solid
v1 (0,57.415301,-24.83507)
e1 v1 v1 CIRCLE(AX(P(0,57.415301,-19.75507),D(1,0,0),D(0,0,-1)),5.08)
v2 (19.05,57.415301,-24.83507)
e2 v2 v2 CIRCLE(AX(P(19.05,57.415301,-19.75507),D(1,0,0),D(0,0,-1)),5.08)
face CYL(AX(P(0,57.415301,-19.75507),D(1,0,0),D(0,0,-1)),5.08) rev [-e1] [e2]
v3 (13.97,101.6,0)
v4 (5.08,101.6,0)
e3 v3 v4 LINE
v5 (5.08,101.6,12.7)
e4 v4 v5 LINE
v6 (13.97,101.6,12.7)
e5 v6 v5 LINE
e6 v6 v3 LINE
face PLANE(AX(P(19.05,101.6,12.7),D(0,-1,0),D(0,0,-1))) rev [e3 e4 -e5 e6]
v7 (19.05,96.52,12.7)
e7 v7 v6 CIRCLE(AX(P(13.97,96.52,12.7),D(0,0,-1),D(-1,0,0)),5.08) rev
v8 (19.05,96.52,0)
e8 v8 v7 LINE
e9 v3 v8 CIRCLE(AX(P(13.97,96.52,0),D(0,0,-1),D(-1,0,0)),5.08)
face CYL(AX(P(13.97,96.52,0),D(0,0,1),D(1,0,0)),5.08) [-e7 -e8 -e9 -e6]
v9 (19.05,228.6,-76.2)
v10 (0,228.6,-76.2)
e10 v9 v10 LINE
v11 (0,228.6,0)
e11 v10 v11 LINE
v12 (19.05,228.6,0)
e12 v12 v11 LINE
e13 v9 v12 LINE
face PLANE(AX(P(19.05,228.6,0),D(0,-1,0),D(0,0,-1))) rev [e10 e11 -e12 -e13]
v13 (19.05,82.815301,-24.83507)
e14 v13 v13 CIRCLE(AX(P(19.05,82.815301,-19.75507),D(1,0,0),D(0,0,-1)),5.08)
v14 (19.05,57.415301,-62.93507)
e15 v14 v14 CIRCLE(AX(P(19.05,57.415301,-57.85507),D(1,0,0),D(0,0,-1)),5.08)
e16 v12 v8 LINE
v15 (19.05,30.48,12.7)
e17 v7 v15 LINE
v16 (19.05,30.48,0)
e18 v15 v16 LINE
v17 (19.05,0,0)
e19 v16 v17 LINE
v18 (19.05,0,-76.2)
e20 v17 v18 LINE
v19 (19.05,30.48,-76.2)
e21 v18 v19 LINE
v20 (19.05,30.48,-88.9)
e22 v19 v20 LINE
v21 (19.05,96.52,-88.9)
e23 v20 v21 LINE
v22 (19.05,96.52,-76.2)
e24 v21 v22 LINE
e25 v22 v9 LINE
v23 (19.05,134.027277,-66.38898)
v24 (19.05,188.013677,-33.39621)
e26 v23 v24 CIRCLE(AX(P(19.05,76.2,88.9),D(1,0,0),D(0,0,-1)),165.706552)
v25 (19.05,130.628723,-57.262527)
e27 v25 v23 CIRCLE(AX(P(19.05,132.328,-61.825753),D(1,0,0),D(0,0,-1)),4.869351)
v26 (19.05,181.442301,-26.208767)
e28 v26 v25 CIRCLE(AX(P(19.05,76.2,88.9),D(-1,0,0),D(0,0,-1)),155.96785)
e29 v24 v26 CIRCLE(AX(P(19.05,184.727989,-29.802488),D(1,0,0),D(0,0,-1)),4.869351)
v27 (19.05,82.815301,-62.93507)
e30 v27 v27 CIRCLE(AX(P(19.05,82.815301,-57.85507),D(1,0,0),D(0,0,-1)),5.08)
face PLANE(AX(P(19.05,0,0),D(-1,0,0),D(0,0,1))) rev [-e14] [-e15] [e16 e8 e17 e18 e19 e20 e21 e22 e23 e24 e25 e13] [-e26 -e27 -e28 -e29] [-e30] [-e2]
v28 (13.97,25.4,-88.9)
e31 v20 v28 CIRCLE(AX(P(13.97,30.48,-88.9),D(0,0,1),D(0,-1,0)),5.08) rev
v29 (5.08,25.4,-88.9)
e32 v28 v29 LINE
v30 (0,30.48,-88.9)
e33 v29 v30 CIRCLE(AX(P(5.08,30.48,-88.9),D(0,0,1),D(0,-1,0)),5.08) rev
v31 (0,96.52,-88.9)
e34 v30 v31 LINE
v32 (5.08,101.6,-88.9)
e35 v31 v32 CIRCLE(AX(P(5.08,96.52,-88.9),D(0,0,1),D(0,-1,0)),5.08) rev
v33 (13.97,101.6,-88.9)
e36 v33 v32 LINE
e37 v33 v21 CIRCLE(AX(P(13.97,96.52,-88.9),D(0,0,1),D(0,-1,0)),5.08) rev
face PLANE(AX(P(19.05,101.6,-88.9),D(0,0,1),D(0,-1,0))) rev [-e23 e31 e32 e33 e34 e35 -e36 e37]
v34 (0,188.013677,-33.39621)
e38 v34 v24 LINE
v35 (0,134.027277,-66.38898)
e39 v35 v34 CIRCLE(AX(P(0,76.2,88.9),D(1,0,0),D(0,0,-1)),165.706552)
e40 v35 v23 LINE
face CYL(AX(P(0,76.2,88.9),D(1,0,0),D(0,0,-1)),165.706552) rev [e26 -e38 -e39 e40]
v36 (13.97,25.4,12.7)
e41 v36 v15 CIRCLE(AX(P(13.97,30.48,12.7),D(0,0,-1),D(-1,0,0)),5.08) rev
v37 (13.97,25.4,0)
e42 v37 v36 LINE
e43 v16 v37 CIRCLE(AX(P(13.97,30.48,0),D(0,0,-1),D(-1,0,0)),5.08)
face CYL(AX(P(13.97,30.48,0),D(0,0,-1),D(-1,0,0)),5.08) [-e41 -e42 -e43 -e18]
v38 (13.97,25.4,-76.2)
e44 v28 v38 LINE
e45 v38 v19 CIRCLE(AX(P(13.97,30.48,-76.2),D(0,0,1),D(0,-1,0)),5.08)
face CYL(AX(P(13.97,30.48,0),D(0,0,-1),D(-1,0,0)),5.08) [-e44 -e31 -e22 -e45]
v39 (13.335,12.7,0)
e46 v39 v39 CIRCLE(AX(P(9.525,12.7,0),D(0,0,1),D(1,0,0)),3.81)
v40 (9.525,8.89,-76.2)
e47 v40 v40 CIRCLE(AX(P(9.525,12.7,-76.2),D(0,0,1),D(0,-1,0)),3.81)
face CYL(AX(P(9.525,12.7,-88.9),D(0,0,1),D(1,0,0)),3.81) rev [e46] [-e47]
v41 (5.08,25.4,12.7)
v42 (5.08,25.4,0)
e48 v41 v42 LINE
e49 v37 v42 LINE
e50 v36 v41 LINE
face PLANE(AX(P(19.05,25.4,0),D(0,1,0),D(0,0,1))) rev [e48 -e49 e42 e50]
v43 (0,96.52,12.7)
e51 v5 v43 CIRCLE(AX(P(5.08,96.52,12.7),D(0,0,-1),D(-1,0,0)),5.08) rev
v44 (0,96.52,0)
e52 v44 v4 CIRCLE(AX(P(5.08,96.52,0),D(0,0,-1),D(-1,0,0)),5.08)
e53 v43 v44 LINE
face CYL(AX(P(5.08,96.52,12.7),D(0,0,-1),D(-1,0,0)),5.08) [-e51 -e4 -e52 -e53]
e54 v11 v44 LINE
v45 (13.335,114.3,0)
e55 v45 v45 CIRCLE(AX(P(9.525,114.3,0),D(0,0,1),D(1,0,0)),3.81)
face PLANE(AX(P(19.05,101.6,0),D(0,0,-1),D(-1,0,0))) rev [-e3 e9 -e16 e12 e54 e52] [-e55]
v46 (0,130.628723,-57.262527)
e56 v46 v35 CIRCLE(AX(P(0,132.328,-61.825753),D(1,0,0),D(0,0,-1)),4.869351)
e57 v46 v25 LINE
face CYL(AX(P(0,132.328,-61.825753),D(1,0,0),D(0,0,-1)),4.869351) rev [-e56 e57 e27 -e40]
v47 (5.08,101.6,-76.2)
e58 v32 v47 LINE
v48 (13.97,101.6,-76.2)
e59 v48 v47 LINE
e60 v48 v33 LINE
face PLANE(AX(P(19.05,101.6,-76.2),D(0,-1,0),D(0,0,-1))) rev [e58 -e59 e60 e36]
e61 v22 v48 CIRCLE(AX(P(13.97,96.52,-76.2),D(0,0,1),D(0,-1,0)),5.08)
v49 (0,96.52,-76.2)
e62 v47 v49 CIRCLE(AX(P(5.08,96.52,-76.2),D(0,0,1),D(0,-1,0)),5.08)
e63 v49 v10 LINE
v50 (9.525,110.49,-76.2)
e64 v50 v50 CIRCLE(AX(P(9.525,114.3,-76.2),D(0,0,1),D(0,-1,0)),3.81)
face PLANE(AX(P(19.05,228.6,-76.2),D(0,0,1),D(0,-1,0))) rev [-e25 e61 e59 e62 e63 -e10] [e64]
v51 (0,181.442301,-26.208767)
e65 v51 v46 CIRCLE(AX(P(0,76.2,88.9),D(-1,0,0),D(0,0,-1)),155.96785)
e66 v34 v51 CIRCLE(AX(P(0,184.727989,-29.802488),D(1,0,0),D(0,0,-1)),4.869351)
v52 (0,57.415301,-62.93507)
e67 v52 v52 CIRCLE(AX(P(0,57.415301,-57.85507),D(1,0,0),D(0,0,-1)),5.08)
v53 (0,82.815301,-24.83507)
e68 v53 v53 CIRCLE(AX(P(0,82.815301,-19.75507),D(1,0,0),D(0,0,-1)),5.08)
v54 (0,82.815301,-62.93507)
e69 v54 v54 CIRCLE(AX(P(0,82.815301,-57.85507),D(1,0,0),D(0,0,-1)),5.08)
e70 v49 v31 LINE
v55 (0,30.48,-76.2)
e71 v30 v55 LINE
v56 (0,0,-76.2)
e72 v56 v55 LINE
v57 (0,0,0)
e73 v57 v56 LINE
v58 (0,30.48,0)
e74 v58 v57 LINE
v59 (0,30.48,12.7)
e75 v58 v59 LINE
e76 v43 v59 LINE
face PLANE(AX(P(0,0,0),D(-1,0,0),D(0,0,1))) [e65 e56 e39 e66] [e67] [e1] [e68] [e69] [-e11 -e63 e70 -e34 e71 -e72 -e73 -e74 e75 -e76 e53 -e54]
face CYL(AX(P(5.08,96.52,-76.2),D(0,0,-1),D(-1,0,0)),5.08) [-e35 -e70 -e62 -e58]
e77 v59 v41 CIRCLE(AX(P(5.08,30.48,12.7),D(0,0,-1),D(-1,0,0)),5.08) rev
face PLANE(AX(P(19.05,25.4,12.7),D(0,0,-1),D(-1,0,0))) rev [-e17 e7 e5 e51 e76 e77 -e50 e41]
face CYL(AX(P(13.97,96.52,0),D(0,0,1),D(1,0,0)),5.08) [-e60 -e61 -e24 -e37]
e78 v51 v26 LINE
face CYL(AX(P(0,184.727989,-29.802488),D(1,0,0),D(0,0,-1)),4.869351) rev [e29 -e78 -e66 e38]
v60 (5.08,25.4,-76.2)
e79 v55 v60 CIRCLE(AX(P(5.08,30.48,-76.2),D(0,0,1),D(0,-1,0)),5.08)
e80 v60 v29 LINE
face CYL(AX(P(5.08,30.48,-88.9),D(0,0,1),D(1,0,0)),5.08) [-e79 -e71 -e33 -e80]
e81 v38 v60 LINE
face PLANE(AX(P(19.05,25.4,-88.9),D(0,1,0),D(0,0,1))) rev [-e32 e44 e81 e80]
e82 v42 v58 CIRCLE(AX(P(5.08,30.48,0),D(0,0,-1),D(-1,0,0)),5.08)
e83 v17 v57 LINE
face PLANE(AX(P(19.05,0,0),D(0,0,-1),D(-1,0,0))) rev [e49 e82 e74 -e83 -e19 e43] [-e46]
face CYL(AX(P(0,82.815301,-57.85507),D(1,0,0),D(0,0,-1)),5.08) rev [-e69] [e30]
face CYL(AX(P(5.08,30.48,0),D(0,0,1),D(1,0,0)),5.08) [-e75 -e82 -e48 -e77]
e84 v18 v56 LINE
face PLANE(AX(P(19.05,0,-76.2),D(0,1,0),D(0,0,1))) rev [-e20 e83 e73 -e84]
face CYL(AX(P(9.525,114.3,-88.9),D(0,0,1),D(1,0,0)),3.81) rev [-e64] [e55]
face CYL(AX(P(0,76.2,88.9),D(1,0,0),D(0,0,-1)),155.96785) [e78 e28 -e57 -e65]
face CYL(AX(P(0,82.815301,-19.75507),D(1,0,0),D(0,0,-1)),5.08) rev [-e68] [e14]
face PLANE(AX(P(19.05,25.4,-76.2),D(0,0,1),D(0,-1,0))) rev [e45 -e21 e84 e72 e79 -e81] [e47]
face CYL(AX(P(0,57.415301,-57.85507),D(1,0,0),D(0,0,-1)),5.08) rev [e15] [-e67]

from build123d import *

# Parameters (mm, degrees)
BOSS_EXTRUDE1_DEPTH = 19.05
SKETCH2_R           = 3.81
CUT_EXTRUDE1_DEPTH  = 89.9
SKETCH3_R           = 3.81
CUT_EXTRUDE2_DEPTH  = 89.9
SKETCH4_R           = 5.08
CUT_EXTRUDE3_DEPTH  = 20.05
FILLET1_R           = 5.08


with BuildPart() as part:
    # Sketch1 → Boss-Extrude1 (new body)
    with BuildSketch(Plane(origin=(0, 0, 0), x_dir=(0, 0, -1), z_dir=(1, 0, 0))):
        Polygon((0, 0), (0, 25.4), (-12.7, 25.4), (-12.7, 101.6), (0, 101.6), (0, 228.6), (76.2, 228.6), (76.2, 101.6), (88.9, 101.6), (88.9, 25.4), (76.2, 25.4), (76.2, 0), align=None)
    extrude(amount=BOSS_EXTRUDE1_DEPTH)

    # Sketch2 → Cut-Extrude1 (cut, through all)
    with BuildSketch(Plane.XY):
        with Locations((9.525, 114.3)):
            Circle(SKETCH2_R)
    extrude(amount=-CUT_EXTRUDE1_DEPTH, mode=Mode.SUBTRACT)

    # Sketch3 → Cut-Extrude2 (cut, through all)
    with BuildSketch(Plane.XY):
        with Locations((9.525, 12.7)):
            Circle(SKETCH3_R)
    extrude(amount=-CUT_EXTRUDE2_DEPTH, mode=Mode.SUBTRACT)

    # Sketch4 → Cut-Extrude3 (cut, through all)
    with BuildSketch(Plane(origin=(19.05, 0, 0), x_dir=(0, 0, -1), z_dir=(1, 0, 0))):
        with Locations((19.755070015, 57.415301139)):
            Circle(SKETCH4_R)
        with Locations((57.855070015, 57.415301139)):
            Circle(SKETCH4_R)
        with Locations((19.755070015, 82.815301139)):
            Circle(SKETCH4_R)
        with Locations((57.855070015, 82.815301139)):
            Circle(SKETCH4_R)
        with BuildLine():
            ThreePointArc((66.388980032, 134.027277083), (52.493130024, 162.609745262), (33.396209532, 188.013677287))
            ThreePointArc((33.396209532, 188.013677287), (26.516800005, 188.321710549), (26.208766742, 181.442301021))
            ThreePointArc((26.208766742, 181.442301021), (44.183346452, 157.531377723), (57.262526611, 130.628723299))
            ThreePointArc((57.262526611, 130.628723299), (63.525030214, 127.76477348), (66.388980032, 134.027277083))
        make_face()
    extrude(amount=-CUT_EXTRUDE3_DEPTH, mode=Mode.SUBTRACT)

    # Fillet1
    fillet1_edges = [part.edges().sort_by_distance(p)[0] for p in [
        (19.05, 25.4, -82.55),
        (0, 25.4, 6.35),
        (0, 101.6, 6.35),
        (0, 101.6, -82.55),
        (0, 25.4, -82.55),
        (19.05, 101.6, -82.55),
        (19.05, 101.6, 6.35),
        (19.05, 25.4, 6.35),
    ]]
    fillet(fillet1_edges, radius=FILLET1_R)


solid = part.part
